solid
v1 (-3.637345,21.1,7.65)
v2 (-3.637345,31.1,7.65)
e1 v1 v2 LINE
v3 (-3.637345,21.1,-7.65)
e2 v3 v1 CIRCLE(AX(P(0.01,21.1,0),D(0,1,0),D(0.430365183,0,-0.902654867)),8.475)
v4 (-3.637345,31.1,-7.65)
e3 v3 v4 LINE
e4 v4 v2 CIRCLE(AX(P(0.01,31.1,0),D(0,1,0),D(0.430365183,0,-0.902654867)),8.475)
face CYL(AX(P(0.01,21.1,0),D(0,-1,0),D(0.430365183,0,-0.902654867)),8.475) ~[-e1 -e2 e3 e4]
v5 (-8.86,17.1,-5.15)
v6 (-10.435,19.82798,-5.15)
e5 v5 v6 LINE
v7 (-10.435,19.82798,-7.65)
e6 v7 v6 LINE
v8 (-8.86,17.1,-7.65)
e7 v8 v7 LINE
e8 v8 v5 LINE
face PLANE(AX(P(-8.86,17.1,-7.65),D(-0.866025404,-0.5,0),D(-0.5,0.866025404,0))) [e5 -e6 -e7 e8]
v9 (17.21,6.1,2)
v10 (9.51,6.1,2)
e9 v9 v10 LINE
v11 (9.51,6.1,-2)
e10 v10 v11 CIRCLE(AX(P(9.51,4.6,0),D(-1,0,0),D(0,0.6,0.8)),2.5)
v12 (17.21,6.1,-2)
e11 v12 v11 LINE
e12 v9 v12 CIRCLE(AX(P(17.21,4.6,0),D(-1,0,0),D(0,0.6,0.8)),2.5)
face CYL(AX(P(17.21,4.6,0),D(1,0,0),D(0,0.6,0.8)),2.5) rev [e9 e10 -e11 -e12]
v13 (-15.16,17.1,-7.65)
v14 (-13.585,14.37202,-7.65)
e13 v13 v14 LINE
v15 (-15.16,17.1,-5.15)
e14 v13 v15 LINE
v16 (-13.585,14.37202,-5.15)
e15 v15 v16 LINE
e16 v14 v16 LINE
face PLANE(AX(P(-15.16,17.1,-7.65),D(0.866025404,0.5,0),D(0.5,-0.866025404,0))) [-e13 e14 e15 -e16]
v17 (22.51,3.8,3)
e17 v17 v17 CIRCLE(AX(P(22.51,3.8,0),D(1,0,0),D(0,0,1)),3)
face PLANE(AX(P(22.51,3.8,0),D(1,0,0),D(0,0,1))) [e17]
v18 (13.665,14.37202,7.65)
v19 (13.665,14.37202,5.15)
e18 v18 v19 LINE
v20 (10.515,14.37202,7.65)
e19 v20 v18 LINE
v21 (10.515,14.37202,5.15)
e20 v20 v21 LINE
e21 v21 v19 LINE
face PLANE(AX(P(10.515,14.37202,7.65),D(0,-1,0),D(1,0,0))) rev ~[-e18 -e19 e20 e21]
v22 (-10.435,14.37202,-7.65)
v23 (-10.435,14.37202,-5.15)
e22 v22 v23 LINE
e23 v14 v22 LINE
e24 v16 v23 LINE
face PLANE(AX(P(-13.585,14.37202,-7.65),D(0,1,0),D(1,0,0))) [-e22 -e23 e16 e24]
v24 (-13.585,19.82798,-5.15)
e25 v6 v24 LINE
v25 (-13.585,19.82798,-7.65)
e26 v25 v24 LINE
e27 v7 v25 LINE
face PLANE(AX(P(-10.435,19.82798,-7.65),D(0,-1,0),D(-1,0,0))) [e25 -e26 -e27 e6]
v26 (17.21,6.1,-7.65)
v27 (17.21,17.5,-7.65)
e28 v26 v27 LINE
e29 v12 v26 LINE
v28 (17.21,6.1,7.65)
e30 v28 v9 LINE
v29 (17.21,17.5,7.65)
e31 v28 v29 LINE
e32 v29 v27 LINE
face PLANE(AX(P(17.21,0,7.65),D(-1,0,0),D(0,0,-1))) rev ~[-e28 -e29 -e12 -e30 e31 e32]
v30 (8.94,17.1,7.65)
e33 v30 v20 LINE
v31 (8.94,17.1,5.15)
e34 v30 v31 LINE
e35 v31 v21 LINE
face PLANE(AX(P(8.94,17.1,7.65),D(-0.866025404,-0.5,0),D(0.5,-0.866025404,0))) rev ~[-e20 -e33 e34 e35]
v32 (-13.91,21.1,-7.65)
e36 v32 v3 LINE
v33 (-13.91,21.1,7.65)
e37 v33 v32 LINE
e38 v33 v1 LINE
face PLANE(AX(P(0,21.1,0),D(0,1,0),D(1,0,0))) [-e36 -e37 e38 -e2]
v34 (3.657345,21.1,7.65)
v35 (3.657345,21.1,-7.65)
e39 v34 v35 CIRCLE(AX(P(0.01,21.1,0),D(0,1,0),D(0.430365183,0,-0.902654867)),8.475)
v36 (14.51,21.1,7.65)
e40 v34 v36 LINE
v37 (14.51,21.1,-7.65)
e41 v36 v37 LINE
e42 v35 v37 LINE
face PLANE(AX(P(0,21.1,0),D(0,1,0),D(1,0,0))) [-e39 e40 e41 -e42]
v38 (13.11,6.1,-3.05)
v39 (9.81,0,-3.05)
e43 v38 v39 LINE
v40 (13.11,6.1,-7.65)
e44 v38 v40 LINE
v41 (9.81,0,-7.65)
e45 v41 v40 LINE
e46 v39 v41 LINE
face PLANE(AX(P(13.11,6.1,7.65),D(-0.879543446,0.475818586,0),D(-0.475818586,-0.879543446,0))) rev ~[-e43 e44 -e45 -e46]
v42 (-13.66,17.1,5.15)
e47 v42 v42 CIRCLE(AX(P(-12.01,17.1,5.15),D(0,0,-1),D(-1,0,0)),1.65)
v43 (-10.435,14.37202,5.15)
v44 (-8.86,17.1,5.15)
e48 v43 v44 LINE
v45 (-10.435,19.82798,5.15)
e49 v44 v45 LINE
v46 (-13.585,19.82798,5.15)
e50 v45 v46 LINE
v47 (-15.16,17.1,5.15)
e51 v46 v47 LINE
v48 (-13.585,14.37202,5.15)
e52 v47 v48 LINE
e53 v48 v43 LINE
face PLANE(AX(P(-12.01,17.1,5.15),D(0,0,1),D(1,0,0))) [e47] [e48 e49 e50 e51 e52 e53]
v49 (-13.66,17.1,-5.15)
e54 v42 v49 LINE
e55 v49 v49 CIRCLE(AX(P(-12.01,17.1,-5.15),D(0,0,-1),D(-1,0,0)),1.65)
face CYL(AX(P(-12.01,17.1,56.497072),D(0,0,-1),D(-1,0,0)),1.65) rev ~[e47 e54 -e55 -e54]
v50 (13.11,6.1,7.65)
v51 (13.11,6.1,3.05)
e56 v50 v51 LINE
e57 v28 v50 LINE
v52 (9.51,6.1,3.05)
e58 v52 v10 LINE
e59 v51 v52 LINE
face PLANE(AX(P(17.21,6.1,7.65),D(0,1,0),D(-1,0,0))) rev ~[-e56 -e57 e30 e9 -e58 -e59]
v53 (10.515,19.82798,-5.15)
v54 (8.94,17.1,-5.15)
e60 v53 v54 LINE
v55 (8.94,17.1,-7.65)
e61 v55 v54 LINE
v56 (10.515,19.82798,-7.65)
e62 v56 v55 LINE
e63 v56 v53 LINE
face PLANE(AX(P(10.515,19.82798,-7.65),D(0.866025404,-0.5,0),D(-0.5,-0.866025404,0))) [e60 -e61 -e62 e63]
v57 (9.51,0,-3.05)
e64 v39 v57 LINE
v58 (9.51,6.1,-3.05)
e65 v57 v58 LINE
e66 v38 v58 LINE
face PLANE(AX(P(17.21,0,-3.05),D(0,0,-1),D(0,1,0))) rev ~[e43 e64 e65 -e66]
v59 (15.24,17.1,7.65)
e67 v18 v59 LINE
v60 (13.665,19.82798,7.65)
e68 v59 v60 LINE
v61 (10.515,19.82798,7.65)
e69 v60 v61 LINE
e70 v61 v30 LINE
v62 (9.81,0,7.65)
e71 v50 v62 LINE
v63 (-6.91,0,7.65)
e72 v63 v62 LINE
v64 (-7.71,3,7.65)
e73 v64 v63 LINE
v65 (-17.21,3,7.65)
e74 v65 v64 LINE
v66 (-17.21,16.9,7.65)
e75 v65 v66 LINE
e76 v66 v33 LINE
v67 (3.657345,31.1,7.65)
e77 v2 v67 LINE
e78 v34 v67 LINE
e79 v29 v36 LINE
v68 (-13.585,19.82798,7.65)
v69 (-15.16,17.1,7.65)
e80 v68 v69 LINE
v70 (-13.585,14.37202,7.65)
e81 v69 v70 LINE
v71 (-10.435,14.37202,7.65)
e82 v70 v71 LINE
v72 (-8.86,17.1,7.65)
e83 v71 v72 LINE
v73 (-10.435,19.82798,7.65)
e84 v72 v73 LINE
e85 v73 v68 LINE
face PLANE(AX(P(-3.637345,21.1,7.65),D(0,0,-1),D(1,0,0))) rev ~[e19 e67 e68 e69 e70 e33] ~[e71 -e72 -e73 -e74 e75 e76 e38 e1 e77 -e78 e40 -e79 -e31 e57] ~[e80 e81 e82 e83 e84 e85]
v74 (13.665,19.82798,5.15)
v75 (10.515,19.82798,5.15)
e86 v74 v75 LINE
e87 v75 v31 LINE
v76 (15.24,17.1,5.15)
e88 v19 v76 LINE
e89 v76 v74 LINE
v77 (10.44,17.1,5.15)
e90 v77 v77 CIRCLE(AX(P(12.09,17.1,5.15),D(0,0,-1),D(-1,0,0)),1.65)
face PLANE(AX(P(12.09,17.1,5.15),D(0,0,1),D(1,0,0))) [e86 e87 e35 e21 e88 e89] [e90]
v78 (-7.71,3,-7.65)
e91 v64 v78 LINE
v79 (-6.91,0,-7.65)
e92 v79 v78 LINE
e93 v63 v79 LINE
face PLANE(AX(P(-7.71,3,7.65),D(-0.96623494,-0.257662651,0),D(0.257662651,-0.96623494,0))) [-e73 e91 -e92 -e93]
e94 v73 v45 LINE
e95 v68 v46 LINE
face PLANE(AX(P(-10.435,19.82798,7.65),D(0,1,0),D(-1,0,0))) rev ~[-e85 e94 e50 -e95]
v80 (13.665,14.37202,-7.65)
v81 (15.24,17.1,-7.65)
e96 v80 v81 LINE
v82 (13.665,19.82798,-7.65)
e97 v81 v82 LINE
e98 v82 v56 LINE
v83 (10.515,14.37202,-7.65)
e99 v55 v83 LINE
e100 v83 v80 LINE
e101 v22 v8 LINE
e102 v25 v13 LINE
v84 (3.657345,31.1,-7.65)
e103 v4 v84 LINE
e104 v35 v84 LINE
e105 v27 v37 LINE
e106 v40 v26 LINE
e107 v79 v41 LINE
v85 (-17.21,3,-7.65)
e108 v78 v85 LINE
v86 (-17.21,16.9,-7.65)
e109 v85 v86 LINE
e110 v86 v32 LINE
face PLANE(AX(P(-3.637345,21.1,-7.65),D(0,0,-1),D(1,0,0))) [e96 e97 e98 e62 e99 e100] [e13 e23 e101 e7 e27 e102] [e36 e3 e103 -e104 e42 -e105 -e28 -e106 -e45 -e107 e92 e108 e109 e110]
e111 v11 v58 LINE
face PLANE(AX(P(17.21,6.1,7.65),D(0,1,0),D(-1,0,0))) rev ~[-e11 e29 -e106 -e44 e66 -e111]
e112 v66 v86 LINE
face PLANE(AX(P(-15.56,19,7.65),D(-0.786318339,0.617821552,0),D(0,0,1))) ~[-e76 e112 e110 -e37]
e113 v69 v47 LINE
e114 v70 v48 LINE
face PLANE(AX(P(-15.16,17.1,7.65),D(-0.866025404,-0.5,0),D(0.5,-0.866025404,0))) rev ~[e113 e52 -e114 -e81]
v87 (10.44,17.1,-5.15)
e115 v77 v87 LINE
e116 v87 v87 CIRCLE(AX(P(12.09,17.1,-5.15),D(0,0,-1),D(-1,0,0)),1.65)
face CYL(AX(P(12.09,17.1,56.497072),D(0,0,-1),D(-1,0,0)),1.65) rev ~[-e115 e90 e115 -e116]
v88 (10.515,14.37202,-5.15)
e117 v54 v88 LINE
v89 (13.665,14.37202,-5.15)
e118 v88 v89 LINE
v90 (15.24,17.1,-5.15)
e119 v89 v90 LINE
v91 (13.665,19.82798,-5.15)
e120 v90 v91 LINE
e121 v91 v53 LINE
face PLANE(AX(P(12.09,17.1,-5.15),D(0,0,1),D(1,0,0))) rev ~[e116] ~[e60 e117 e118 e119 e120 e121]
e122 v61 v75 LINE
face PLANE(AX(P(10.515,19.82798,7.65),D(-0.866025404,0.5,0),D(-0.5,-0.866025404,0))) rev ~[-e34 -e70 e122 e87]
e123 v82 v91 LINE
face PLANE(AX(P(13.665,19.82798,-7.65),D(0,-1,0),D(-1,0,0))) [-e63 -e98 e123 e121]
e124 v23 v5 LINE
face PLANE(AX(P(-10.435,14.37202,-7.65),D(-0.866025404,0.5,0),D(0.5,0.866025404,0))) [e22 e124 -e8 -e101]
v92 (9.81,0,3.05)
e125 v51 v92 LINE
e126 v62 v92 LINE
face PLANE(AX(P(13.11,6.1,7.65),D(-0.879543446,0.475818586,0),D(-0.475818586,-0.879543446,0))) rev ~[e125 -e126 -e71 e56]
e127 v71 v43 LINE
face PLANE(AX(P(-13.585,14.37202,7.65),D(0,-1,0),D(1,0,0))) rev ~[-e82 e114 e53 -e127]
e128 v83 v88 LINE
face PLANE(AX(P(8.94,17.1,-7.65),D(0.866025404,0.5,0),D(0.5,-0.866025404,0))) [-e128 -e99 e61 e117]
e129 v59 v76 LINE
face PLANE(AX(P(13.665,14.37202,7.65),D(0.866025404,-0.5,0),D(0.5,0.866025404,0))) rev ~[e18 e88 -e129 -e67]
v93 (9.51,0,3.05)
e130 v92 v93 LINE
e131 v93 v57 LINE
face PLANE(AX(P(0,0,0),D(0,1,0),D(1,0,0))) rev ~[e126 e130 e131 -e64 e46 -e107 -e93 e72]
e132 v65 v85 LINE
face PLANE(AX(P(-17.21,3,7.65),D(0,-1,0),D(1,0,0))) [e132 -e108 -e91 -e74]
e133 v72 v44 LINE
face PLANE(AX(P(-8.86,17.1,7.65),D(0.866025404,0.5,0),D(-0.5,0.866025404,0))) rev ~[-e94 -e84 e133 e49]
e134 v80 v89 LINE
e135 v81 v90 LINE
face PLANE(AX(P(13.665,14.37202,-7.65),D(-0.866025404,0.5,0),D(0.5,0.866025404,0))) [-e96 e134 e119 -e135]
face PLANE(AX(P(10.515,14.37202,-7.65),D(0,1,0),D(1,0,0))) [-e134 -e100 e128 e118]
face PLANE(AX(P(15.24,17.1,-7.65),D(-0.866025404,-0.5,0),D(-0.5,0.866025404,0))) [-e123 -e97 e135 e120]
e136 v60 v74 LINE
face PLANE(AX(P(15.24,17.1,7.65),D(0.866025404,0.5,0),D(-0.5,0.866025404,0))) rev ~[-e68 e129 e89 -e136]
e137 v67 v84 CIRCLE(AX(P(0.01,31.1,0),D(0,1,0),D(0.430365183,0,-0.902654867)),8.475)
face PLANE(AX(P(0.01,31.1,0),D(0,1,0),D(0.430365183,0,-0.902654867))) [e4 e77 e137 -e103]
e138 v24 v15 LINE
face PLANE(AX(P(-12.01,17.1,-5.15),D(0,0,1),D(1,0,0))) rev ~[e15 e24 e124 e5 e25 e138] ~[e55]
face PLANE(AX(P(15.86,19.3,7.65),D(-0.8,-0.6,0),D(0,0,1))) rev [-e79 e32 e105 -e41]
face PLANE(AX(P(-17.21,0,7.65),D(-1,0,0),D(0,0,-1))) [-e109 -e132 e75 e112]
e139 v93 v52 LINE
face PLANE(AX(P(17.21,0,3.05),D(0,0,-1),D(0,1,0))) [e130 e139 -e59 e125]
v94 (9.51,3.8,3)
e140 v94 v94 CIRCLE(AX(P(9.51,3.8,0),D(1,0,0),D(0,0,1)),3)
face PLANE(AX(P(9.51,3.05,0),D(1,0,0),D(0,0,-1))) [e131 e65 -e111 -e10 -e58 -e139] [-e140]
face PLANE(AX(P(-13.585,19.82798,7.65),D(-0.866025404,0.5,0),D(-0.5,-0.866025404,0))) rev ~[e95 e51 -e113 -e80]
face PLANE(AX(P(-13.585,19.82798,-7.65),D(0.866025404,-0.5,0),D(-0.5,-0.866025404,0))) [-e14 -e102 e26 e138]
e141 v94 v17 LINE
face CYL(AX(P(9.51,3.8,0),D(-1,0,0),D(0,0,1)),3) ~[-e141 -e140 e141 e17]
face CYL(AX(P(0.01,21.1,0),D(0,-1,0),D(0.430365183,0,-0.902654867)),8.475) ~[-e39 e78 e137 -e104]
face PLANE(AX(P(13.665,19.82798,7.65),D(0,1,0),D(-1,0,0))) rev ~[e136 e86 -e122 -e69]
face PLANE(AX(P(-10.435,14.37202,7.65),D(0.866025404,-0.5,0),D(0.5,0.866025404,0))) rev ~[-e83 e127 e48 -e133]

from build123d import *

# Parameters (mm, degrees)
SKETCH1_W                    = 34.42
SKETCH1_H                    = 15.3
BOSS_EXTRUDE1_DEPTH          = 21.1
CHAMFER1_SIZE                = 3.6
CHAMFER1_SIZE2               = 2.7
CHAMFER2_SIZE                = 4.2
CHAMFER2_SIZE2               = 3.3
CUT_EXTRUDE1_DEPTH           = 32.232740834
SKETCH3_R                    = 8.475
BOSS_EXTRUDE2_DEPTH          = 10
CUT_EXTRUDE2_REACH           = 30.517
F_0_15_0_15_DIAMETER_HOLE1_D = 3.3
F_0_15_0_15_DIAMETER_HOLE2_D = 3.3
CUT_EXTRUDE3_DEPTH           = 2.5
CUT_EXTRUDE4_START           = -15.3
CUT_EXTRUDE4_DEPTH           = 2.5
SKETCH10_W                   = 6.1
SKETCH10_H                   = 6.1
CUT_EXTRUDE5_DEPTH           = 7.7
CUT_EXTRUDE6_DEPTH           = 7.7
SKETCH12_R                   = 3
BOSS_EXTRUDE3_DEPTH          = 13


with BuildPart() as part:
    # Sketch1 → Boss-Extrude1 (new body)
    with BuildSketch(Plane(origin=(0, 0, 0), x_dir=(1, 0, 0), z_dir=(0, 1, 0))):
        Rectangle(SKETCH1_W, SKETCH1_H)
    extrude(amount=BOSS_EXTRUDE1_DEPTH)

    # Chamfer1
    chamfer1_edges = [part.edges().sort_by_distance(p)[0] for p in [
        (17.21, 21.1, 0),
    ]]
    chamfer1_side = [part.faces().sort_by_distance(p)[0] for p in [
        (17.21, 10.55, 0),
    ]]
    chamfer(chamfer1_edges, length=CHAMFER1_SIZE, length2=CHAMFER1_SIZE2, reference=chamfer1_side[0])

    # Chamfer2
    chamfer2_edges = [part.edges().sort_by_distance(p)[0] for p in [
        (-17.21, 21.1, 0),
    ]]
    chamfer2_side = [part.faces().sort_by_distance(p)[0] for p in [
        (-17.21, 10.55, 0),
    ]]
    chamfer(chamfer2_edges, length=CHAMFER2_SIZE, length2=CHAMFER2_SIZE2, reference=chamfer2_side[0])

    # Sketch2 → Cut-Extrude1 (cut, through all)
    with BuildSketch(Plane.XY.offset(7.65)):
        Polygon((-17.21, 3), (-7.71, 3), (-6.91, 0), (-17.21, 0), align=None)
        Polygon((17.21, 6.1), (13.11, 6.1), (9.81, 0), (17.21, 0), align=None)
    extrude(amount=-CUT_EXTRUDE1_DEPTH, mode=Mode.SUBTRACT)

    # Sketch3 → Boss-Extrude2 (add)
    with BuildSketch(Plane(origin=(0, 21.1, 0), x_dir=(1, 0, 0), z_dir=(0, 1, 0))):
        with Locations(Location((0.01, 0, 0), (0, 0, 64.509262206))):
            Circle(SKETCH3_R)
    extrude(amount=BOSS_EXTRUDE2_DEPTH)

    # Sketch4 → Cut-Extrude2 (cut, up to next)
    with BuildSketch(Plane.XZ.offset(-21.1), mode=Mode.PRIVATE) as cut_extrude2_sk1:
        with BuildLine():
            Line((-3.637344925, -7.65), (3.657344925, -7.65))
            ThreePointArc((3.657344925, -7.65), (0.01, -8.475), (-3.637344925, -7.65))
        make_face()
    cut_extrude2_tool1 = extrude(cut_extrude2_sk1.sketch, amount=-CUT_EXTRUDE2_REACH, mode=Mode.PRIVATE) & part.part
    # Sketch4 → Cut-Extrude2 (cut, up to next)
    with BuildSketch(Plane.XZ.offset(-21.1), mode=Mode.PRIVATE) as cut_extrude2_sk2:
        with BuildLine():
            Line((-3.637344925, 7.65), (3.657344925, 7.65))
            ThreePointArc((3.657344925, 7.65), (0.01, 8.475), (-3.637344925, 7.65))
        make_face()
    cut_extrude2_tool2 = extrude(cut_extrude2_sk2.sketch, amount=-CUT_EXTRUDE2_REACH, mode=Mode.PRIVATE) & part.part
    add(cut_extrude2_tool1.solids().sort_by_distance((0.01, 21.1, -7.981417))[0], mode=Mode.SUBTRACT)
    add(cut_extrude2_tool2.solids().sort_by_distance((0.01, 21.1, 7.981417))[0], mode=Mode.SUBTRACT)

    # Ø0.15 (0.15) Diameter Hole1 (through all)
    with Locations(Plane.XY.offset(7.65)):
        with Locations((-12.01, 17.1)):
            Hole(F_0_15_0_15_DIAMETER_HOLE1_D / 2)

    # Ø0.15 (0.15) Diameter Hole2 (through all)
    with Locations(Plane.XY.offset(7.65)):
        with Locations((12.09, 17.1)):
            Hole(F_0_15_0_15_DIAMETER_HOLE2_D / 2)

    # Sketch9 → Cut-Extrude3 (cut)
    with BuildSketch(Plane.XY.offset(7.65)):
        Polygon((8.94, 17.1), (10.515, 14.372019978), (13.665, 14.372019978), (15.24, 17.1), (13.665, 19.827980022), (10.515, 19.827980022), align=None)
        Polygon((-15.16, 17.1), (-13.585, 14.372019978), (-10.435, 14.372019978), (-8.86, 17.1), (-10.435, 19.827980022), (-13.585, 19.827980022), align=None)
    extrude(amount=-CUT_EXTRUDE3_DEPTH, mode=Mode.SUBTRACT)

    # Sketch9<2> → Cut-Extrude4 (cut)
    with BuildSketch(Plane.XY.offset(7.65).offset(CUT_EXTRUDE4_START)):
        Polygon((8.94, 17.1), (10.515, 14.372019978), (13.665, 14.372019978), (15.24, 17.1), (13.665, 19.827980022), (10.515, 19.827980022), align=None)
        Polygon((-15.16, 17.1), (-13.585, 14.372019978), (-10.435, 14.372019978), (-8.86, 17.1), (-10.435, 19.827980022), (-13.585, 19.827980022), align=None)
    extrude(amount=CUT_EXTRUDE4_DEPTH, mode=Mode.SUBTRACT)

    # Sketch10 → Cut-Extrude5 (cut)
    with BuildSketch(Plane(origin=(17.21, 0, 0), x_dir=(0, 0, -1), z_dir=(1, 0, 0))):
        with Locations((0, 3.05)):
            Rectangle(SKETCH10_W, SKETCH10_H)
    extrude(amount=-CUT_EXTRUDE5_DEPTH, mode=Mode.SUBTRACT)

    # Sketch11 → Cut-Extrude6 (cut)
    with BuildSketch(Plane(origin=(17.21, 0, 0), x_dir=(0, 0, -1), z_dir=(1, 0, 0))):
        with BuildLine():
            Line((2, 6.1), (-2, 6.1))
            ThreePointArc((-2, 6.1), (0, 7.1), (2, 6.1))
        make_face()
    extrude(amount=-CUT_EXTRUDE6_DEPTH, mode=Mode.SUBTRACT)

    # Sketch12 → Boss-Extrude3 (add)
    with BuildSketch(Plane(origin=(9.51, 0, 0), x_dir=(0, 0, -1), z_dir=(1, 0, 0))):
        with Locations(Location((0, 3.8, 0), (0, 0, 180))):
            Circle(SKETCH12_R)
    extrude(amount=BOSS_EXTRUDE3_DEPTH)


solid = part.part
